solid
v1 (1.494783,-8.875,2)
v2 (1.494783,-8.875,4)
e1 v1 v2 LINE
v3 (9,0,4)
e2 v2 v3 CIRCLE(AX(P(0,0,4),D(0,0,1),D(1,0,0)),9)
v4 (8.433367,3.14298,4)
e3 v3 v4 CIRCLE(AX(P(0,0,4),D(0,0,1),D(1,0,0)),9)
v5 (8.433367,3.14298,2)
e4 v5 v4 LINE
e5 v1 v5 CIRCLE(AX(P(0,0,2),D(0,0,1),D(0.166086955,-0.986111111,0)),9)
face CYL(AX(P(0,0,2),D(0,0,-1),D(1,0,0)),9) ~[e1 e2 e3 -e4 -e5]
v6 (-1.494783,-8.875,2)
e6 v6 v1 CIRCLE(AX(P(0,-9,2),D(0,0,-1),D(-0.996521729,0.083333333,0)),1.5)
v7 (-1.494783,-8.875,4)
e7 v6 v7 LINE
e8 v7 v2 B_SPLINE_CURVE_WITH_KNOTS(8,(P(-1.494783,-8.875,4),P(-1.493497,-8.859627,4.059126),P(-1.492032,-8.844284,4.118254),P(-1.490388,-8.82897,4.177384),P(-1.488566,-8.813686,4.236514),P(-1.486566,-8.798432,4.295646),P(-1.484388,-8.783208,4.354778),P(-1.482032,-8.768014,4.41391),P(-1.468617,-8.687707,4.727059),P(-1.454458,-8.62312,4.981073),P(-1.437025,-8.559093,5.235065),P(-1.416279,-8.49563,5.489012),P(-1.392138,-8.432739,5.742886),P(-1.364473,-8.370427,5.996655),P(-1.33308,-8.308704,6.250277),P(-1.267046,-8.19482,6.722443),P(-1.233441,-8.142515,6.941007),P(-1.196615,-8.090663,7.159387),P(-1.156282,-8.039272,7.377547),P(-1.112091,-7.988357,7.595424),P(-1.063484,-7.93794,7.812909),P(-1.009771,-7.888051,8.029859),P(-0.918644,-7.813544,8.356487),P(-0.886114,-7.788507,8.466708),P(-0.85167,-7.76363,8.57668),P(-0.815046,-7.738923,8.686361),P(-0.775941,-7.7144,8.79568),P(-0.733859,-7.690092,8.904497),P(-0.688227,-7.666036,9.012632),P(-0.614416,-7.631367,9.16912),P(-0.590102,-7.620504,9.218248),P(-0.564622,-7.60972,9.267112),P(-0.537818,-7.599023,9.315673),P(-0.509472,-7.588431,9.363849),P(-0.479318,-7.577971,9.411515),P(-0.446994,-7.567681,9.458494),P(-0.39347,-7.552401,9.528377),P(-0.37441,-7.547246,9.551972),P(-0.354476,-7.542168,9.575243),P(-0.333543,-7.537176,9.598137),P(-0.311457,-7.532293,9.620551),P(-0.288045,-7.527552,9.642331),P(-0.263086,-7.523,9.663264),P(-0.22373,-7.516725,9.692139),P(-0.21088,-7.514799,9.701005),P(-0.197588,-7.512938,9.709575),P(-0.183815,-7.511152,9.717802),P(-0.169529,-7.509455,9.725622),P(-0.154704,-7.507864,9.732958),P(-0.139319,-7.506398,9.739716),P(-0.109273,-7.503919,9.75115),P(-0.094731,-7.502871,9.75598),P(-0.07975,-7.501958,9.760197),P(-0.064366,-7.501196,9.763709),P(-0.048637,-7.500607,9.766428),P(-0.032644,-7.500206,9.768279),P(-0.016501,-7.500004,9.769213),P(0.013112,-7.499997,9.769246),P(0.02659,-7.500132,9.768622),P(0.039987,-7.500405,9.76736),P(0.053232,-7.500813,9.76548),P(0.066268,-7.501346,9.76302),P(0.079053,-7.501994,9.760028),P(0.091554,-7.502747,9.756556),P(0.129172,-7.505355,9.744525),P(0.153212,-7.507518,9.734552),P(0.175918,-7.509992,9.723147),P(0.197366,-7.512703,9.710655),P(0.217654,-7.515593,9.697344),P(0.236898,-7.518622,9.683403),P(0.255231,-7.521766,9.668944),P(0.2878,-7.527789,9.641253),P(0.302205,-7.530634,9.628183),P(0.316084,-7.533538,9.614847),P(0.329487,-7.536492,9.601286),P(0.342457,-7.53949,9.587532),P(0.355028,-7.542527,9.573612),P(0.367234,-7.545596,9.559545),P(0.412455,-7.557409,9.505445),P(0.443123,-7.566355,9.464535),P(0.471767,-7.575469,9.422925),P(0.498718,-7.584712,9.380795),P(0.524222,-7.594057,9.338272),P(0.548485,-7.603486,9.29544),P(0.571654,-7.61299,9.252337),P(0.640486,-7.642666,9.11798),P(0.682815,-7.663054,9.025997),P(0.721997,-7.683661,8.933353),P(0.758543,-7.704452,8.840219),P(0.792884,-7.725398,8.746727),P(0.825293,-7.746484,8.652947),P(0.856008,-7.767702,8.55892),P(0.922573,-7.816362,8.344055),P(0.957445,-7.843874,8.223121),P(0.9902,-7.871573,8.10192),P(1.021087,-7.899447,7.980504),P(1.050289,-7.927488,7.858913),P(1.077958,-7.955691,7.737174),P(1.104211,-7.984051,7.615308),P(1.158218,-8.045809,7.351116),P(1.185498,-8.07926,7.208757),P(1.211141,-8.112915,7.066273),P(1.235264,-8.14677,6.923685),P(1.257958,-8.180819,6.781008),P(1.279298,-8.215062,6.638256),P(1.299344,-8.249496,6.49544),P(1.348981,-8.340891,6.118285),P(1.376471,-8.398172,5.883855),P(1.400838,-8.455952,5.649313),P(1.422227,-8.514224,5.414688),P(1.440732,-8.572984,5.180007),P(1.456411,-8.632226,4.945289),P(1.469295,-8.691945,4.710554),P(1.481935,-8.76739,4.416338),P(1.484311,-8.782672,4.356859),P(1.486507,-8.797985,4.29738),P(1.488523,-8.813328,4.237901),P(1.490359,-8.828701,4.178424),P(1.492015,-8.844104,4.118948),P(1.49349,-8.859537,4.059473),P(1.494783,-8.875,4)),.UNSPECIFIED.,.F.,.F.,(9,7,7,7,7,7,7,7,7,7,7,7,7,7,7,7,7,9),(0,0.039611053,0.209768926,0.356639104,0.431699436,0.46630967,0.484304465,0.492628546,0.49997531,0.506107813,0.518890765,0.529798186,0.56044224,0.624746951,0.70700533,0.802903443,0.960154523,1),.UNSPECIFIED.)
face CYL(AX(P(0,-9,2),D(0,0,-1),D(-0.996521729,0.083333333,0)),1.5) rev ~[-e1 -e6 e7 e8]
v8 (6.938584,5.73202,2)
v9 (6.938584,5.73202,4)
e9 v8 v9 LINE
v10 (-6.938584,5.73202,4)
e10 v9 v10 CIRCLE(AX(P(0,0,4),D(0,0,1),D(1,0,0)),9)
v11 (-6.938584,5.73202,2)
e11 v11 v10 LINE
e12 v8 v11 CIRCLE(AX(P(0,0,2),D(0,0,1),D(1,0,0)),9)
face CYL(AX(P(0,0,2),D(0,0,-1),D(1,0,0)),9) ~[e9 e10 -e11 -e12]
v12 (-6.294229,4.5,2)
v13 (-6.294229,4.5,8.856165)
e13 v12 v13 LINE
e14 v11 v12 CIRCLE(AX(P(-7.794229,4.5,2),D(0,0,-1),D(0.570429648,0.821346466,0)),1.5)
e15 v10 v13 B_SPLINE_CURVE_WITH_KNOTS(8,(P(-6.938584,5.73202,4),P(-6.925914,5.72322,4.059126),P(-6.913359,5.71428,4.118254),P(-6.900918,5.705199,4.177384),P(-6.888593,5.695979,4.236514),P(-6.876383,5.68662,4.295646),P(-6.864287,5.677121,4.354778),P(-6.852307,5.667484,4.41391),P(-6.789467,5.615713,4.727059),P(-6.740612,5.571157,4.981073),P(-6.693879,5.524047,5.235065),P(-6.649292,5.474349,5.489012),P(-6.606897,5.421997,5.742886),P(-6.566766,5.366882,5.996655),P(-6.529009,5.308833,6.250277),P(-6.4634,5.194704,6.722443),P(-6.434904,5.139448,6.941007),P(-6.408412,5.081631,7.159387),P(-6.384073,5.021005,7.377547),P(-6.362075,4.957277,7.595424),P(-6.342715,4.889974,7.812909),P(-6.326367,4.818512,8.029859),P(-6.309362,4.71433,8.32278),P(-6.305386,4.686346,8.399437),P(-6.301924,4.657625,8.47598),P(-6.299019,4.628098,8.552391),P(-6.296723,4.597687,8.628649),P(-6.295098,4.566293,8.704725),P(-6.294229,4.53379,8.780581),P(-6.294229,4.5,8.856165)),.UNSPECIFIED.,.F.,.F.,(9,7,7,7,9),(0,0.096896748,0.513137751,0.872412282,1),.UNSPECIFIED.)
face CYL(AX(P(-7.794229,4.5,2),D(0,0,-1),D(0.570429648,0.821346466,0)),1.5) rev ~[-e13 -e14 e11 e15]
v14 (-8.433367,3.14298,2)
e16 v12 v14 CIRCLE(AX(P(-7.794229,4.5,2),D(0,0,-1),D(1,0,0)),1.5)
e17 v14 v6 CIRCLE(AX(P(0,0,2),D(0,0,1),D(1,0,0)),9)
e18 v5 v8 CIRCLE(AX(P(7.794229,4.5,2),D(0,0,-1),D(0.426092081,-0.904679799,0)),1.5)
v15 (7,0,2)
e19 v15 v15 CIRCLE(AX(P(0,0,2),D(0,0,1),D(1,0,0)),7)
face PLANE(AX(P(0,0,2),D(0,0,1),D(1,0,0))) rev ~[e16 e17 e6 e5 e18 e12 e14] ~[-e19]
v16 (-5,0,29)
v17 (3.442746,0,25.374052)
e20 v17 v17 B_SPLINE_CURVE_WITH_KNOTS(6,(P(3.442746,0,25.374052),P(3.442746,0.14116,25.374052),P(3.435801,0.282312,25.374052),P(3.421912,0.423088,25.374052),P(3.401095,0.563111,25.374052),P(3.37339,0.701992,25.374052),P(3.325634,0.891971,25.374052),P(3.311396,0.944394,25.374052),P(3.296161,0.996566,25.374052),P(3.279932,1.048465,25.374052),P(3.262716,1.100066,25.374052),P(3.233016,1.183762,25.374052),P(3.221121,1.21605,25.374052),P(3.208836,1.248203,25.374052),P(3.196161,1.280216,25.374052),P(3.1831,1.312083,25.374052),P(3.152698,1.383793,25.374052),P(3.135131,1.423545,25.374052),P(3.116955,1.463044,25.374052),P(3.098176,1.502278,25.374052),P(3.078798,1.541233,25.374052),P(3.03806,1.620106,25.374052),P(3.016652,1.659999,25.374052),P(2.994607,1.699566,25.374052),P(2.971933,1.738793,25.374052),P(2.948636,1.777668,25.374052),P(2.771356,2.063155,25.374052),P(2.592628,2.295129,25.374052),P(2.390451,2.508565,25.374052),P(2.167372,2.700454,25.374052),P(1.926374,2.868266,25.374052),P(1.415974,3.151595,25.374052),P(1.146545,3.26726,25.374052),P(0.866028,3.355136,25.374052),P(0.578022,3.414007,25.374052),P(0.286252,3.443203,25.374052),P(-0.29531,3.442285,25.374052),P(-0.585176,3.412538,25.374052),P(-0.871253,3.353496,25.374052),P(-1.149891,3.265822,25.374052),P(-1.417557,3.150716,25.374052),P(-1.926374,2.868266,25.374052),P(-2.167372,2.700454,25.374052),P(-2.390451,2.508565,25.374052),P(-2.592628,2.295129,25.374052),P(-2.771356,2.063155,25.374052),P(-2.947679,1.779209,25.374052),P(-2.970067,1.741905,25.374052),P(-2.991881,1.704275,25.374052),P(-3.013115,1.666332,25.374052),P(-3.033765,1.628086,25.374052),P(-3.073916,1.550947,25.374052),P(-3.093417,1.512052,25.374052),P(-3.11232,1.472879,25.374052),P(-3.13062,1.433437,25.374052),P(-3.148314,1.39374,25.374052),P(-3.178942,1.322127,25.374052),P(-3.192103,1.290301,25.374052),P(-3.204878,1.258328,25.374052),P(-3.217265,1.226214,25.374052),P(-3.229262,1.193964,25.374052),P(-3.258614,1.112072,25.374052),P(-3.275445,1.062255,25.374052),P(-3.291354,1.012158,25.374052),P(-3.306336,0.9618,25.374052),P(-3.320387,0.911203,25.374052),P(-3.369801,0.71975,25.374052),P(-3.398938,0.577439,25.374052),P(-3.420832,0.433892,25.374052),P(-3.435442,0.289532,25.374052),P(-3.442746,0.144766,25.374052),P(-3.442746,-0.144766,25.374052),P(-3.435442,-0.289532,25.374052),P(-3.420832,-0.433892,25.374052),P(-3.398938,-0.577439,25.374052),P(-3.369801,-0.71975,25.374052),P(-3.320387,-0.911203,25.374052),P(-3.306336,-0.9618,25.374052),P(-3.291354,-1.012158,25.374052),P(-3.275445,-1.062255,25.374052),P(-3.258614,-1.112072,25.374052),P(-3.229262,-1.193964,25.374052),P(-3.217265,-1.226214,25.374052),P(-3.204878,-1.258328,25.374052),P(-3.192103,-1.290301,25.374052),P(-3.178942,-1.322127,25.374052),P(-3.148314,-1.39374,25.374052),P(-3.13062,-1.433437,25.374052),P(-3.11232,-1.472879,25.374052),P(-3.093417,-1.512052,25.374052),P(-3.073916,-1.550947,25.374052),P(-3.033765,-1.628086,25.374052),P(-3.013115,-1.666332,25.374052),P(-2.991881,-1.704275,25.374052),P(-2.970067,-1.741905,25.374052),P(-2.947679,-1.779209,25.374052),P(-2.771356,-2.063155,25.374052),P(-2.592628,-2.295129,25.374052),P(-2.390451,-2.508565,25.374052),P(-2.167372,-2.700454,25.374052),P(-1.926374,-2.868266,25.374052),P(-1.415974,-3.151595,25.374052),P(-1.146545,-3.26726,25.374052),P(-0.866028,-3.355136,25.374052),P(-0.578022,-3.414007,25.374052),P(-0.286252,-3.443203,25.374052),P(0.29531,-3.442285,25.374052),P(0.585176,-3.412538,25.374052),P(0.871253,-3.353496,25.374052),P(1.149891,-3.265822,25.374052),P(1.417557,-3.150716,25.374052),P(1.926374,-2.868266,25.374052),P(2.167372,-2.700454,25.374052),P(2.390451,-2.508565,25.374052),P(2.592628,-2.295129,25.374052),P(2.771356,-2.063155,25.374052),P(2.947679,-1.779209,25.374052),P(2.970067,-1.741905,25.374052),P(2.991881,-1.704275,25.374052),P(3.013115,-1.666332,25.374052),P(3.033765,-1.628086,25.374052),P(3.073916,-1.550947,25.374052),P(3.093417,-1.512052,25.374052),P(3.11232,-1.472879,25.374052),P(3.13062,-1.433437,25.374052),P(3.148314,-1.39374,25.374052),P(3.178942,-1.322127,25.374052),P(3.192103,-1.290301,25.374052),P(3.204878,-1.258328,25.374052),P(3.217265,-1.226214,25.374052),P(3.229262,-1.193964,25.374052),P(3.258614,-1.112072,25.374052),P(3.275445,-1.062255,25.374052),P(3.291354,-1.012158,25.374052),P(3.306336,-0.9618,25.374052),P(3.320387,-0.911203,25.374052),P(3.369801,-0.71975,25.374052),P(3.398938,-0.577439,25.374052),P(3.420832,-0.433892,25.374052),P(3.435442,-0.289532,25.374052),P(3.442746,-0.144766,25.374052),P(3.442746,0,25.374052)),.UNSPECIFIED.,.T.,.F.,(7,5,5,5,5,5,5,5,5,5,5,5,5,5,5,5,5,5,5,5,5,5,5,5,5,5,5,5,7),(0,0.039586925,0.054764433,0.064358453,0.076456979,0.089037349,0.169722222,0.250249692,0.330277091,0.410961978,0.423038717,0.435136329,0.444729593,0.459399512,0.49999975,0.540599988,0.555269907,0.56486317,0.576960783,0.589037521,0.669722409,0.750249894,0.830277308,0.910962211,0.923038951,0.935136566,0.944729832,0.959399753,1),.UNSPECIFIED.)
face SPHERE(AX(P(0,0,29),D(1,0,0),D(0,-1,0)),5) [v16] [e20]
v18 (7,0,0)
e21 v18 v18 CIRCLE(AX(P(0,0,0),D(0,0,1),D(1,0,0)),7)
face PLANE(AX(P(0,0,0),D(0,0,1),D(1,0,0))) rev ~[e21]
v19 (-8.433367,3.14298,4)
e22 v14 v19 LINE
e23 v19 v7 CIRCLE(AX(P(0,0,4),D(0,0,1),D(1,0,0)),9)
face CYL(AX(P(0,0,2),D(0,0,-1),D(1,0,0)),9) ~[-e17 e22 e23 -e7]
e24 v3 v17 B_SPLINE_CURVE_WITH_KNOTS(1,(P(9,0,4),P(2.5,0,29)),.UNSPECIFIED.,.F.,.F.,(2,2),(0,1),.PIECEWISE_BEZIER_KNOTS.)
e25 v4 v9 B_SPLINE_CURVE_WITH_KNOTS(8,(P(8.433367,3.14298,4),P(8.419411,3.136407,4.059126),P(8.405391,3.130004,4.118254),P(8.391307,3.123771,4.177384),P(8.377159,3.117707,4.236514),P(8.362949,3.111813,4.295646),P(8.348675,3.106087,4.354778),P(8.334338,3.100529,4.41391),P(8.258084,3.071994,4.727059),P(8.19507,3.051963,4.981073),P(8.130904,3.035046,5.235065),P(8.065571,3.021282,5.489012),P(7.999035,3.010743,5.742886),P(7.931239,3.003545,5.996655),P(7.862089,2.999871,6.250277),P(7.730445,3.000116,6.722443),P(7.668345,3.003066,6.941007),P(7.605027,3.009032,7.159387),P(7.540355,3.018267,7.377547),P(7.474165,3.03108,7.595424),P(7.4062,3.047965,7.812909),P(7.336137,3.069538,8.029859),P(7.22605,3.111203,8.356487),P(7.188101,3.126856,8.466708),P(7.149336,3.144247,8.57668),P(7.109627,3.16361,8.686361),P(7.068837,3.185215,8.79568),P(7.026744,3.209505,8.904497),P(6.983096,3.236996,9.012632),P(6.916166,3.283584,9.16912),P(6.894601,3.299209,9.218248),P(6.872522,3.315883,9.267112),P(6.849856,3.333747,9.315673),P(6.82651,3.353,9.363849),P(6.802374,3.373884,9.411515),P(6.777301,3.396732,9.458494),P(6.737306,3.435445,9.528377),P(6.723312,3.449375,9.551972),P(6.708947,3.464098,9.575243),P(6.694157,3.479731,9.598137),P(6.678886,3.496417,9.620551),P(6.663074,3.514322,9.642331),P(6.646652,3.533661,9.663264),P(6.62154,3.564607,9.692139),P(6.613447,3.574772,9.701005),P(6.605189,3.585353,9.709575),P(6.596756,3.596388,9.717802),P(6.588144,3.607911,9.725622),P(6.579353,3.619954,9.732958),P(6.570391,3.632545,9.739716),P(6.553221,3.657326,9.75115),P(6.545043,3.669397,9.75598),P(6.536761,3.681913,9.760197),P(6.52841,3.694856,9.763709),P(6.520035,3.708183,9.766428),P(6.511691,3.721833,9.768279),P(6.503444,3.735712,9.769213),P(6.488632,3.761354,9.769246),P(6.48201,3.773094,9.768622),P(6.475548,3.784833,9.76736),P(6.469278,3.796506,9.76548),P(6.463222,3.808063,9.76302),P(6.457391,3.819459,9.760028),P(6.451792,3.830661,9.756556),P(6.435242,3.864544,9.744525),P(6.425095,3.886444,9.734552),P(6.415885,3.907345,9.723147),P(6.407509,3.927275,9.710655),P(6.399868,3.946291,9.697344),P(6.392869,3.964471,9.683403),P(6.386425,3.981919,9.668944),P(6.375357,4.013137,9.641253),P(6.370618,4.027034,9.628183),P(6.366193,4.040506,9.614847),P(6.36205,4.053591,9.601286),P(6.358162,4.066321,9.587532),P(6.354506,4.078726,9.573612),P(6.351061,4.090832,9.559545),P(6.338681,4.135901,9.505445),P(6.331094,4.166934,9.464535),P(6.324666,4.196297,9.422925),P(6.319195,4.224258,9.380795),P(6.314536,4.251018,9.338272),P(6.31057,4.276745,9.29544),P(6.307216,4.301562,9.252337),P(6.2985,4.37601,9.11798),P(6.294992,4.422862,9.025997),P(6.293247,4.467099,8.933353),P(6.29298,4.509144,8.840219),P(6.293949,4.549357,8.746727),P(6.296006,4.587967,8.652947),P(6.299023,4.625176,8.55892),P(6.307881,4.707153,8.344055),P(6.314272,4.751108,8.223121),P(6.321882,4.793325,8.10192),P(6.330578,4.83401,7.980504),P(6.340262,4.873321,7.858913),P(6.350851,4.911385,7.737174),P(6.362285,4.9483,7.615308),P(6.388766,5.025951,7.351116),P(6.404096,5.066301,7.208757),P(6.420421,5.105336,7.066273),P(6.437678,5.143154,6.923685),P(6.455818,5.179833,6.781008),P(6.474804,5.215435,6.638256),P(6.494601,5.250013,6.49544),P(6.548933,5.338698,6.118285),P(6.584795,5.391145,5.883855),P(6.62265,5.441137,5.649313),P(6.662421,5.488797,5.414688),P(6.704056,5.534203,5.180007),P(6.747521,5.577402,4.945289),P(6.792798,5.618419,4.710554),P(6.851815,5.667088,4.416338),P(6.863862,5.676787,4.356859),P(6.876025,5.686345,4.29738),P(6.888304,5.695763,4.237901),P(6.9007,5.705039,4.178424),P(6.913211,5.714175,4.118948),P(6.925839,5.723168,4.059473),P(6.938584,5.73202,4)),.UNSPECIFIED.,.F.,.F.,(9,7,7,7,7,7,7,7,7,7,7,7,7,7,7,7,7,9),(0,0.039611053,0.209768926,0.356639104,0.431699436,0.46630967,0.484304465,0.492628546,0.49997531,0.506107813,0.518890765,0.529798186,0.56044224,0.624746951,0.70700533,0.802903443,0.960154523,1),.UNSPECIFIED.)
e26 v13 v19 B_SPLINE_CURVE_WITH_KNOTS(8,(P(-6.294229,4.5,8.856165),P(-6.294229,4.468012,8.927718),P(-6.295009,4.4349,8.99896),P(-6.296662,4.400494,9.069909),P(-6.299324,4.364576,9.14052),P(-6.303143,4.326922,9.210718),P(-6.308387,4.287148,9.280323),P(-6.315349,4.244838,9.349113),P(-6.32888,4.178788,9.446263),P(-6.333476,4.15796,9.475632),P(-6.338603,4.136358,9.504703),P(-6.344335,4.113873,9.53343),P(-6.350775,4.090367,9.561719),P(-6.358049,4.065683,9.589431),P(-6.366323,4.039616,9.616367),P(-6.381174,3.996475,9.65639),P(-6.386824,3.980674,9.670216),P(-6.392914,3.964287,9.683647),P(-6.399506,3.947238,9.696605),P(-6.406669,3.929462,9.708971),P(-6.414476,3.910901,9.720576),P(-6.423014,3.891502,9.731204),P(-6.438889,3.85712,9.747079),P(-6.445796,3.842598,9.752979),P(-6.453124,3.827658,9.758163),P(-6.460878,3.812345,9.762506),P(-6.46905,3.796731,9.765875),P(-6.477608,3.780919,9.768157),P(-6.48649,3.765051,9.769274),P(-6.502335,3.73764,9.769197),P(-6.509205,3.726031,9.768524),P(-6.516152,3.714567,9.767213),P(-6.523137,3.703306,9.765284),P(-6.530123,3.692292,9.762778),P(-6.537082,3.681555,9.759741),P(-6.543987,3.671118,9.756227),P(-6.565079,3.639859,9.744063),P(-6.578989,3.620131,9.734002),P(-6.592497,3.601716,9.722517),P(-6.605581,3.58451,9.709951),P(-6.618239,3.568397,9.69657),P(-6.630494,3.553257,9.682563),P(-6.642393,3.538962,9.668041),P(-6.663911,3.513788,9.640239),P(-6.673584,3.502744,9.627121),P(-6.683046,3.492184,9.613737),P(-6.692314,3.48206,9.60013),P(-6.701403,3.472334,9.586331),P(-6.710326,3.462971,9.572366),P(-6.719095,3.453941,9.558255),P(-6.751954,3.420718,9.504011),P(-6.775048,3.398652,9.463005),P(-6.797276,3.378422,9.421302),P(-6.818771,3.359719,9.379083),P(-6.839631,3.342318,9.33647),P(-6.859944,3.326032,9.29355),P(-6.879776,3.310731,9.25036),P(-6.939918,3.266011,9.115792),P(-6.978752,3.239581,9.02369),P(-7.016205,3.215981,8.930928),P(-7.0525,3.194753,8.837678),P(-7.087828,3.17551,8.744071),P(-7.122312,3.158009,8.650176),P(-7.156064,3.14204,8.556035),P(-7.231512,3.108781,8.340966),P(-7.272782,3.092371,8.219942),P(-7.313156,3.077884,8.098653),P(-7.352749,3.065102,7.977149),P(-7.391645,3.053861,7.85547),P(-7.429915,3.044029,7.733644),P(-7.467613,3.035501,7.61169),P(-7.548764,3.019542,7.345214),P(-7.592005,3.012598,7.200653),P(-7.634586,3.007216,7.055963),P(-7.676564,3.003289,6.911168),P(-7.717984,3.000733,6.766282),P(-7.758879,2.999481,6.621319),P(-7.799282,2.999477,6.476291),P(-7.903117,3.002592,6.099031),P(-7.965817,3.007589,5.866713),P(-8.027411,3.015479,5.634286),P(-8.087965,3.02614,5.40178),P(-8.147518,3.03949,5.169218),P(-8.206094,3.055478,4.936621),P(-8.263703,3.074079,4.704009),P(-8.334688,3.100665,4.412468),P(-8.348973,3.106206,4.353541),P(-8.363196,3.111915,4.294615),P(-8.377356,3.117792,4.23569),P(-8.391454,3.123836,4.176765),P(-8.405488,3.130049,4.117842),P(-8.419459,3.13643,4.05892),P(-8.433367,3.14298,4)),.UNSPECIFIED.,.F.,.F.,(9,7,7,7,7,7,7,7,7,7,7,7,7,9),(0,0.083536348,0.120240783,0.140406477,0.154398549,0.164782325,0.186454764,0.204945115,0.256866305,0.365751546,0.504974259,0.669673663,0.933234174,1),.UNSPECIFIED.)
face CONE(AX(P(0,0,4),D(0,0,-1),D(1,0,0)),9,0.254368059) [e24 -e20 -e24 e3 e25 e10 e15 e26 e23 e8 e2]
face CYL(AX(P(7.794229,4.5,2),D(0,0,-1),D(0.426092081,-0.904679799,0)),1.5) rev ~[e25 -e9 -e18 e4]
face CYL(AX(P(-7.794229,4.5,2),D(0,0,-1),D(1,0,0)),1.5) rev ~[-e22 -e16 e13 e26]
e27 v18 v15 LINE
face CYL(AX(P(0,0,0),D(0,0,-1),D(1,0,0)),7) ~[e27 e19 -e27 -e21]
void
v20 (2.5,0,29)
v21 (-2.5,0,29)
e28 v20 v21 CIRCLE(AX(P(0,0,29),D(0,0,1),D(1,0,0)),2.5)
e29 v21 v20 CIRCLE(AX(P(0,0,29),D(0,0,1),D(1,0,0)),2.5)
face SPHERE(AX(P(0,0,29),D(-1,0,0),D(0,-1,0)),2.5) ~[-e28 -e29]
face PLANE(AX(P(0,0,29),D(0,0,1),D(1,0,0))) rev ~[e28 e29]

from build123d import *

# Parameters (mm, degrees)
F0_R      = 7
F1_DEPTH  = 2
F2_R      = 9
F3_DEPTH  = 2
F3_FACE_R = 9
F5_R      = 2.5
F10_DEPTH = 32.001


with BuildPart() as f1:
    # F0 (on Top) → F1 (new body)
    with BuildSketch(Plane.XY):
        Circle(F0_R)
    extrude(amount=F1_DEPTH)

    # F2 (on face) → F3 (join)
    with BuildSketch(Plane.XY.offset(2)):
        Circle(F2_R)
    extrude(amount=F3_DEPTH)

    # F3_face (on face) → F6 section 0
    with BuildSketch(Plane.XY.offset(4)):
        Circle(F3_FACE_R)
    # F5 (on offset) → F6 section 1
    with BuildSketch(Plane.XY.offset(29)):
        Circle(F5_R)
    loft()

    # F7 (on face) → F8 (revolve)
    with BuildSketch(Plane.XY.offset(29)):
        with BuildLine():
            ThreePointArc((-5, 0), (0, -5), (5, 0))
            Line((5, 0), (2.5, 0))
            ThreePointArc((2.5, 0), (0, -2.5), (-2.5, 0))
            Line((-2.5, 0), (-5, 0))
        make_face()
    revolve(axis=Axis((0, 0, 29), (1, 0, 0)))

    # F9 (on face) → F10 (cut, through all)
    with BuildSketch(Plane(origin=(0, 0, 2), x_dir=(1, 0, 0), z_dir=(0, 0, -1))):
        with BuildLine():
            ThreePointArc((1.4947825929, 8.875), (0, 9), (-1.4947825929, 8.875))
            ThreePointArc((-1.4947825929, 8.875), (0, 7.5), (1.4947825929, 8.875))
        make_face()
        with BuildLine():
            ThreePointArc((-6.2942286341, -4.5), (-6.9907073778, -3.2333691972), (-8.433366755, -3.1429803014))
            ThreePointArc((-8.433366755, -3.1429803014), (-7.7942286341, -4.5), (-6.9385841621, -5.7320196986))
            ThreePointArc((-6.9385841621, -5.7320196986), (-6.4650434122, -5.1951738244), (-6.2942286341, -4.5))
        make_face()
        with BuildLine():
            ThreePointArc((6.9385841621, -5.7320196986), (7.7942286341, -4.5), (8.433366755, -3.1429803014))
            ThreePointArc((8.433366755, -3.1429803014), (6.4951905284, -3.75), (6.9385841621, -5.7320196986))
        make_face()
    extrude(amount=-F10_DEPTH, mode=Mode.SUBTRACT)


solid = f1.part
